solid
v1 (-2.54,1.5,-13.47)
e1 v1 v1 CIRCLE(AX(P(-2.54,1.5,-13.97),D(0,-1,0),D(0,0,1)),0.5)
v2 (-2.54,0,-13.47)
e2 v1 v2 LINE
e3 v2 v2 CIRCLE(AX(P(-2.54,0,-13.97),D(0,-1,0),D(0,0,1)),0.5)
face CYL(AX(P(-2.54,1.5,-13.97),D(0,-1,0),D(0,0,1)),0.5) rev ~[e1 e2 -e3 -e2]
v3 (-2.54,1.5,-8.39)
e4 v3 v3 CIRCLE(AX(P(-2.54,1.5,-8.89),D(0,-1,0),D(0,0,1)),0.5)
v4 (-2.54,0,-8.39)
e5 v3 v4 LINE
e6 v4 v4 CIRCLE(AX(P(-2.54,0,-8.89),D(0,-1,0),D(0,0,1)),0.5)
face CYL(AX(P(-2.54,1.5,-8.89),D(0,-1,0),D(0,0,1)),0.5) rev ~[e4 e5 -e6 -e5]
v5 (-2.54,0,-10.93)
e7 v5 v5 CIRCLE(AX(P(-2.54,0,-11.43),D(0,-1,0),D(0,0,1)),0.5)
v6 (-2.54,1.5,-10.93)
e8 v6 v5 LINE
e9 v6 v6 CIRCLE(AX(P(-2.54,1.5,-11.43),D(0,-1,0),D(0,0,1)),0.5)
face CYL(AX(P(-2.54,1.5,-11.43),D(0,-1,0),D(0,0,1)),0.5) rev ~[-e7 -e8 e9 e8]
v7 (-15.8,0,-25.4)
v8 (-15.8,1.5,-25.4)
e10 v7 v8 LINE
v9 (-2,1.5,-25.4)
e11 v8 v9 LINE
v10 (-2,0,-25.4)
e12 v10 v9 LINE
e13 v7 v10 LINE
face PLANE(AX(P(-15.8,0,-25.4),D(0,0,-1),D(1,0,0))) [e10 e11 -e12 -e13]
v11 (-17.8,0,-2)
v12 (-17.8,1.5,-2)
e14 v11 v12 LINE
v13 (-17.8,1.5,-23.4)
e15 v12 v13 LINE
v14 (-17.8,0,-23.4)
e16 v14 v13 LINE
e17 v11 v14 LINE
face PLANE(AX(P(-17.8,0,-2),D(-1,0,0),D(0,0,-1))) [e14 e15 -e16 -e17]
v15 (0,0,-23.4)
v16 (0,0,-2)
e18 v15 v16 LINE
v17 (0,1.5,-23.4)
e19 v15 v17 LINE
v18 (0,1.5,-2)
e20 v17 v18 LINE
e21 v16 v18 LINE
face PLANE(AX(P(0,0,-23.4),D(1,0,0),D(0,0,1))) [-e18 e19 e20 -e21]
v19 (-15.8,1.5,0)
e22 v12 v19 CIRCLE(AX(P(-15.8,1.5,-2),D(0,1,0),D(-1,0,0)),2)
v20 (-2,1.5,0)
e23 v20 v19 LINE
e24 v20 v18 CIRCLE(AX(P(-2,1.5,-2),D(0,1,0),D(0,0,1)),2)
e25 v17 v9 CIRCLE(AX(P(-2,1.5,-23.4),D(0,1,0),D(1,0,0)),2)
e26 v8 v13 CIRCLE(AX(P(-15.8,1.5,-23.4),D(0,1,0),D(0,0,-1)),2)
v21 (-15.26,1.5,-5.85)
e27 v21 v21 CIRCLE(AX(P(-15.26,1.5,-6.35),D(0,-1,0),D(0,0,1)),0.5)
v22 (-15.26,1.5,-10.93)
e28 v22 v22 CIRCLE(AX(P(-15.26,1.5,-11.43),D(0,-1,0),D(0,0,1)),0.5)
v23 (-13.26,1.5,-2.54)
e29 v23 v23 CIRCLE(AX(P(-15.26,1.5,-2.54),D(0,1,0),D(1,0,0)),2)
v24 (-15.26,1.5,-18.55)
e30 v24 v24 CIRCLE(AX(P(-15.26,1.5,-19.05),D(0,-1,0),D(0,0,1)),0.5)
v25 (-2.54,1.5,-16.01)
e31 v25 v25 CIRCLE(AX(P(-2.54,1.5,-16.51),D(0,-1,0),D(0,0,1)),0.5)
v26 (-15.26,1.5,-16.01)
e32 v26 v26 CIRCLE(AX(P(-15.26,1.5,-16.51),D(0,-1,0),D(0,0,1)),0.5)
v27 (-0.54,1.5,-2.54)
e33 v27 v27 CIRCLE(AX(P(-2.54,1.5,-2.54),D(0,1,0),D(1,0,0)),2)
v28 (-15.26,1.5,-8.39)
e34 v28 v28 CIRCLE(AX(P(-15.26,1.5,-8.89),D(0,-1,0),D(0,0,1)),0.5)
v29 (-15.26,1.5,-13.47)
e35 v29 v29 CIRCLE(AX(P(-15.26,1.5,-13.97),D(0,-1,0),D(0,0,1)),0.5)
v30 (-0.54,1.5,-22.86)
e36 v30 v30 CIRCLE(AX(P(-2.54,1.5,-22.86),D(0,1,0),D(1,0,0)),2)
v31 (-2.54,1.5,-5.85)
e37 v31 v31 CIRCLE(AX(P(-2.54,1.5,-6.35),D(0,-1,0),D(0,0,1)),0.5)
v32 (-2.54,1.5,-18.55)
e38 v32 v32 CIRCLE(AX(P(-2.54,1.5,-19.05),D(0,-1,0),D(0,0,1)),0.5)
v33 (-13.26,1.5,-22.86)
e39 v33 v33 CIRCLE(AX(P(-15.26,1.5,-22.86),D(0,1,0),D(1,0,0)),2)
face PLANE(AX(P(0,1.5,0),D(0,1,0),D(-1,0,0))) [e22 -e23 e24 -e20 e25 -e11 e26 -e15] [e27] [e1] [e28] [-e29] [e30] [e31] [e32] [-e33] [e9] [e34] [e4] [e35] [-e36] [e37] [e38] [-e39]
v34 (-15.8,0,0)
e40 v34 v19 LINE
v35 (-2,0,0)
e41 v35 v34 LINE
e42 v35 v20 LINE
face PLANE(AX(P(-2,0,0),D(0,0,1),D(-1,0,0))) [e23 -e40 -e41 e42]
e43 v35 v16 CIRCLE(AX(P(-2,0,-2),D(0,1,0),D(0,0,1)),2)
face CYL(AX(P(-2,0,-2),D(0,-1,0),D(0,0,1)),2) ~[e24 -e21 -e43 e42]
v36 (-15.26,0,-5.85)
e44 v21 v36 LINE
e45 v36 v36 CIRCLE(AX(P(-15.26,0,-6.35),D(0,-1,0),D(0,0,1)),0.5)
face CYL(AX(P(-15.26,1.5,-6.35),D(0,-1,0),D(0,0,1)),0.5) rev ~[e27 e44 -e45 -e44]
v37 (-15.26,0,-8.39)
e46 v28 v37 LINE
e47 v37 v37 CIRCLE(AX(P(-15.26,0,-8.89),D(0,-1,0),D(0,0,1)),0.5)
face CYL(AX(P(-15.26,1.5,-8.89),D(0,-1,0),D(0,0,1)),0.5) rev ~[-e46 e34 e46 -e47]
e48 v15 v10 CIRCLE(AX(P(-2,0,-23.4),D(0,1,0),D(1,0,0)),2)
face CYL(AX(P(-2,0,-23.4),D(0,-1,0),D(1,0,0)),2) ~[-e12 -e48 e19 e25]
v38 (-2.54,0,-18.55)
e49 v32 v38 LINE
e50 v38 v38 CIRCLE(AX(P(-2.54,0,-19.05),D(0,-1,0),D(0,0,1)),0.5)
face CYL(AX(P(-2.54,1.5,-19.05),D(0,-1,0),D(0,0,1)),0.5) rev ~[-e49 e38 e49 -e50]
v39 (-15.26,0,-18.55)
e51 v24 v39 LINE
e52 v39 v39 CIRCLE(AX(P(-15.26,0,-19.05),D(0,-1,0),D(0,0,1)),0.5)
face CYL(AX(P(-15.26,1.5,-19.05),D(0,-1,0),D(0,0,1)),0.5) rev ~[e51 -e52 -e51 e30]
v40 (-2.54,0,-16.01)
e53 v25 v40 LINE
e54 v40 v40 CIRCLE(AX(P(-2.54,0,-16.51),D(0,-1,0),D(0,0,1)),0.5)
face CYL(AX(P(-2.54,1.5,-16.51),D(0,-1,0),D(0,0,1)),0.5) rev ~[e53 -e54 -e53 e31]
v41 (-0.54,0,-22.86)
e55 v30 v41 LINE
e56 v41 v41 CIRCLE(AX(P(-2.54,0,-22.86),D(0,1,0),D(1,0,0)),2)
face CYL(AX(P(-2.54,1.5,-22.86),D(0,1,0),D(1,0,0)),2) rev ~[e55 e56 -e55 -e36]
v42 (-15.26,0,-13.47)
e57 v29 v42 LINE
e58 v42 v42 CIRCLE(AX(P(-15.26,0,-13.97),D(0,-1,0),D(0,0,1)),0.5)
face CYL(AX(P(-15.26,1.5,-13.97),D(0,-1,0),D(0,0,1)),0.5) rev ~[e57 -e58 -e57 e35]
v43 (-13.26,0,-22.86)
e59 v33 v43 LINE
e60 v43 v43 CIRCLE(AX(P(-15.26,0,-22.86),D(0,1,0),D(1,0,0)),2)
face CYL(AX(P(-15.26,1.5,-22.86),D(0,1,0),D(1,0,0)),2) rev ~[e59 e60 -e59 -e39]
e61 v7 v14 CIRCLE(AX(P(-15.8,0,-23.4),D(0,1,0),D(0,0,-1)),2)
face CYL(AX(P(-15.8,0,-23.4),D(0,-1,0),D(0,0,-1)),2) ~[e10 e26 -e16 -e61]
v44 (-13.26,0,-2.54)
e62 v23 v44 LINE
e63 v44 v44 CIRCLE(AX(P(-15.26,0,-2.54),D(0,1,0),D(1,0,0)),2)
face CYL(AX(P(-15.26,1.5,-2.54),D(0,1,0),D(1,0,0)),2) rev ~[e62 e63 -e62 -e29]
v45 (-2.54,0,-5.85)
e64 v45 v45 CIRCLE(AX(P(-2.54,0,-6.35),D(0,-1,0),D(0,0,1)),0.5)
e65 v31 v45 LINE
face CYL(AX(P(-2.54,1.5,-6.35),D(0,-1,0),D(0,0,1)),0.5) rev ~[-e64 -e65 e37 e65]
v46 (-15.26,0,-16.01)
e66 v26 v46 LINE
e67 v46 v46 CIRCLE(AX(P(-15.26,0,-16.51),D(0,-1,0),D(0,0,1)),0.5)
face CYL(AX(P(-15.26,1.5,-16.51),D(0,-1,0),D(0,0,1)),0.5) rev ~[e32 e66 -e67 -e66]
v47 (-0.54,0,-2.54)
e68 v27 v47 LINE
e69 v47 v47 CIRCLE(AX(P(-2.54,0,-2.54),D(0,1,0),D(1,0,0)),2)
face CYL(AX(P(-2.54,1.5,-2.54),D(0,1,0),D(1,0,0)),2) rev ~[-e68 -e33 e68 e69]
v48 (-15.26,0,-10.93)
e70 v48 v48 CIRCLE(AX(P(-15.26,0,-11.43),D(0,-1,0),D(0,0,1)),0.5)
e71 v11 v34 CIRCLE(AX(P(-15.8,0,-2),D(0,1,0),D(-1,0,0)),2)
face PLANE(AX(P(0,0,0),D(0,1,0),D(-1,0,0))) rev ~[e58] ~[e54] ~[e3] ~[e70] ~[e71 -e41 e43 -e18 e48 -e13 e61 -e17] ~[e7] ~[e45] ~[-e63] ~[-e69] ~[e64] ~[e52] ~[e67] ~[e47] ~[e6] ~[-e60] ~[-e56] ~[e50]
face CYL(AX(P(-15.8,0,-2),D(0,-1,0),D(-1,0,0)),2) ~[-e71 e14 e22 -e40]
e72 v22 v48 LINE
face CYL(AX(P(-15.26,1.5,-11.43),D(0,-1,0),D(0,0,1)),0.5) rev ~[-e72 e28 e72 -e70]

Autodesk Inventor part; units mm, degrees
ref_plane "YZ Plane" through (0, 0, 0) normal (1, 0, 0) x (0, 1, 0)
ref_plane "XZ Plane" through (0, 0, 0) normal (0, 1, 0) x (-1, 0, 0)
ref_plane "XY Plane" through (0, 0, 0) normal (0, 0, 1) x (1, 0, 0)
sketch "Szkic1" plane through (0, 0, 0) normal (0, 1, 0) x (-1, 0, 0)
  line L0 (2, 0) -> (15.8, 0)
  line L1 (17.8, -2) -> (17.8, -23.4)
  line L2 (15.8, -25.4) -> (2, -25.4)
  line L3 (0, -23.4) -> (0, -2)
  arc A0 (17.8, -2) -> (15.8, 0) centre (15.8, -2) ccw
  arc A1 (15.8, -25.4) -> (17.8, -23.4) centre (15.8, -23.4) ccw
  arc A2 (0, -23.4) -> (2, -25.4) centre (2, -23.4) ccw
  arc A3 (2, 0) -> (0, -2) centre (2, -2) ccw
  point P0 (0, 0)
  point P1 (17.8, -25.4)
  point P2 (17.8, 0)
  point P3 (0, -25.4)
  dimension "d0" = 17.8
  dimension "d1" = 25.4
  dimension "d2" = 2
extrude "Wyciągnięcie proste1" add sketch "Szkic1" along normal blind 1.5
sketch "Szkic2" plane through (0, 1.5, 0) normal (0, 1, 0) x (1, 0, 0)
  line L0 (-2, 25.4) -> (-15.8, 25.4) projected
  line L1 (-17.8, 23.4) -> (-17.8, 2) projected
  line L2 (0, 2) -> (0, 23.4) projected
  point P0 (0, 0)
  point P1 (-2.54, 6.35)
  point P2 (-2.54, 8.89)
  point P3 (-2.54, 11.43)
  point P4 (-2.54, 13.97)
  point P5 (-15.26, 6.35)
  point P6 (-15.26, 8.89)
  point P7 (-15.26, 11.43)
  point P8 (-15.26, 13.97)
  point P9 (-15.26, 16.51)
  point P10 (-15.26, 19.05)
  point P11 (-2.54, 16.51)
  point P12 (-2.54, 19.05)
  dimension "d8" = 2.54
  dimension "d9" = 2.54
  dimension "d10" = 2.54
  dimension "d11" = 2.54
  dimension "d12" = 2.54
  dimension "d13" = 6.35
  dimension "d14" = 2.54
  dimension "d15" = 2.54
  dimension "d16" = 2.54
  dimension "d17" = 2.54
  dimension "d19" = 2.54
hole "Otwór1" at (-2.54, 1.5, -6.35) at (-2.54, 1.5, -8.89) at (-2.54, 1.5, -11.43) at (-2.54, 1.5, -13.97) at (-15.26, 1.5, -6.35) at (-15.26, 1.5, -8.89) at (-15.26, 1.5, -11.43) at (-15.26, 1.5, -13.97) at (-15.26, 1.5, -16.51) at (-15.26, 1.5, -19.05) at (-2.54, 1.5, -16.51) at (-2.54, 1.5, -19.05) direction (0, -1, 0) diameter 1 end through all
sketch "Szkic3" plane through (0, 1.5, 0) normal (0, 1, 0) x (1, 0, 0)
  point P0 (0, 0)
sketch "Szkic4" plane through (0, 1.5, 0) normal (0, 1, 0) x (1, 0, 0)
  circle A0 centre (-2.54, 13.97) radius 0.5 construction
  circle A1 centre (-2.54, 7.62) radius 0.5 construction
  line L0 (-2.54, 13.97) -> (-2.54, 7.62) construction
  line L1 (-2.54, 13.97) -> (-2.54, -5.3346) construction
  circle A2 centre (-2.54, 8.89) radius 0.5 construction
  line L2 (-2.54, 8.89) -> (-2.54, 22.9895) construction
  circle A3 centre (-2.54, 22.86) radius 2
  line L3 (-2, 25.4) -> (-15.8, 25.4) projected
  circle A4 centre (-2.54, 2.54) radius 2
  line L4 (-15.8, 0) -> (-2, 0) projected
  circle A5 centre (-15.26, 2.54) radius 2
  circle A6 centre (-15.26, 22.86) radius 2
  line L5 (-17.8, 23.4) -> (-17.8, 2) projected
  point P0 (0, 0)
  dimension "d27" = 4
  dimension "d28" = 2.54
  dimension "d29" = 4
  dimension "d30" = 2.54
  dimension "d33" = 4
  dimension "d34" = 4
  dimension "d35" = 2.54
extrude "Wyciągnięcie proste2" cut sketch "Szkic4" against normal blind 10
equation "\"d8\" = d7"
equation "\"d9\" = d8"
equation "\"d10\" = d9"
equation "\"d11\" = d10"
equation "\"d12\" = d11"
equation "\"d13\" = 2.5 * d12"
equation "\"d14\" = d8"
equation "\"d16\" = d15"
equation "\"d17\" = d16"
equation "\"d6\" = d5"
equation "\"d7\" = d6"
equation "\"d5\" = 2.54"
properties part number "Adafruit_IMU"
